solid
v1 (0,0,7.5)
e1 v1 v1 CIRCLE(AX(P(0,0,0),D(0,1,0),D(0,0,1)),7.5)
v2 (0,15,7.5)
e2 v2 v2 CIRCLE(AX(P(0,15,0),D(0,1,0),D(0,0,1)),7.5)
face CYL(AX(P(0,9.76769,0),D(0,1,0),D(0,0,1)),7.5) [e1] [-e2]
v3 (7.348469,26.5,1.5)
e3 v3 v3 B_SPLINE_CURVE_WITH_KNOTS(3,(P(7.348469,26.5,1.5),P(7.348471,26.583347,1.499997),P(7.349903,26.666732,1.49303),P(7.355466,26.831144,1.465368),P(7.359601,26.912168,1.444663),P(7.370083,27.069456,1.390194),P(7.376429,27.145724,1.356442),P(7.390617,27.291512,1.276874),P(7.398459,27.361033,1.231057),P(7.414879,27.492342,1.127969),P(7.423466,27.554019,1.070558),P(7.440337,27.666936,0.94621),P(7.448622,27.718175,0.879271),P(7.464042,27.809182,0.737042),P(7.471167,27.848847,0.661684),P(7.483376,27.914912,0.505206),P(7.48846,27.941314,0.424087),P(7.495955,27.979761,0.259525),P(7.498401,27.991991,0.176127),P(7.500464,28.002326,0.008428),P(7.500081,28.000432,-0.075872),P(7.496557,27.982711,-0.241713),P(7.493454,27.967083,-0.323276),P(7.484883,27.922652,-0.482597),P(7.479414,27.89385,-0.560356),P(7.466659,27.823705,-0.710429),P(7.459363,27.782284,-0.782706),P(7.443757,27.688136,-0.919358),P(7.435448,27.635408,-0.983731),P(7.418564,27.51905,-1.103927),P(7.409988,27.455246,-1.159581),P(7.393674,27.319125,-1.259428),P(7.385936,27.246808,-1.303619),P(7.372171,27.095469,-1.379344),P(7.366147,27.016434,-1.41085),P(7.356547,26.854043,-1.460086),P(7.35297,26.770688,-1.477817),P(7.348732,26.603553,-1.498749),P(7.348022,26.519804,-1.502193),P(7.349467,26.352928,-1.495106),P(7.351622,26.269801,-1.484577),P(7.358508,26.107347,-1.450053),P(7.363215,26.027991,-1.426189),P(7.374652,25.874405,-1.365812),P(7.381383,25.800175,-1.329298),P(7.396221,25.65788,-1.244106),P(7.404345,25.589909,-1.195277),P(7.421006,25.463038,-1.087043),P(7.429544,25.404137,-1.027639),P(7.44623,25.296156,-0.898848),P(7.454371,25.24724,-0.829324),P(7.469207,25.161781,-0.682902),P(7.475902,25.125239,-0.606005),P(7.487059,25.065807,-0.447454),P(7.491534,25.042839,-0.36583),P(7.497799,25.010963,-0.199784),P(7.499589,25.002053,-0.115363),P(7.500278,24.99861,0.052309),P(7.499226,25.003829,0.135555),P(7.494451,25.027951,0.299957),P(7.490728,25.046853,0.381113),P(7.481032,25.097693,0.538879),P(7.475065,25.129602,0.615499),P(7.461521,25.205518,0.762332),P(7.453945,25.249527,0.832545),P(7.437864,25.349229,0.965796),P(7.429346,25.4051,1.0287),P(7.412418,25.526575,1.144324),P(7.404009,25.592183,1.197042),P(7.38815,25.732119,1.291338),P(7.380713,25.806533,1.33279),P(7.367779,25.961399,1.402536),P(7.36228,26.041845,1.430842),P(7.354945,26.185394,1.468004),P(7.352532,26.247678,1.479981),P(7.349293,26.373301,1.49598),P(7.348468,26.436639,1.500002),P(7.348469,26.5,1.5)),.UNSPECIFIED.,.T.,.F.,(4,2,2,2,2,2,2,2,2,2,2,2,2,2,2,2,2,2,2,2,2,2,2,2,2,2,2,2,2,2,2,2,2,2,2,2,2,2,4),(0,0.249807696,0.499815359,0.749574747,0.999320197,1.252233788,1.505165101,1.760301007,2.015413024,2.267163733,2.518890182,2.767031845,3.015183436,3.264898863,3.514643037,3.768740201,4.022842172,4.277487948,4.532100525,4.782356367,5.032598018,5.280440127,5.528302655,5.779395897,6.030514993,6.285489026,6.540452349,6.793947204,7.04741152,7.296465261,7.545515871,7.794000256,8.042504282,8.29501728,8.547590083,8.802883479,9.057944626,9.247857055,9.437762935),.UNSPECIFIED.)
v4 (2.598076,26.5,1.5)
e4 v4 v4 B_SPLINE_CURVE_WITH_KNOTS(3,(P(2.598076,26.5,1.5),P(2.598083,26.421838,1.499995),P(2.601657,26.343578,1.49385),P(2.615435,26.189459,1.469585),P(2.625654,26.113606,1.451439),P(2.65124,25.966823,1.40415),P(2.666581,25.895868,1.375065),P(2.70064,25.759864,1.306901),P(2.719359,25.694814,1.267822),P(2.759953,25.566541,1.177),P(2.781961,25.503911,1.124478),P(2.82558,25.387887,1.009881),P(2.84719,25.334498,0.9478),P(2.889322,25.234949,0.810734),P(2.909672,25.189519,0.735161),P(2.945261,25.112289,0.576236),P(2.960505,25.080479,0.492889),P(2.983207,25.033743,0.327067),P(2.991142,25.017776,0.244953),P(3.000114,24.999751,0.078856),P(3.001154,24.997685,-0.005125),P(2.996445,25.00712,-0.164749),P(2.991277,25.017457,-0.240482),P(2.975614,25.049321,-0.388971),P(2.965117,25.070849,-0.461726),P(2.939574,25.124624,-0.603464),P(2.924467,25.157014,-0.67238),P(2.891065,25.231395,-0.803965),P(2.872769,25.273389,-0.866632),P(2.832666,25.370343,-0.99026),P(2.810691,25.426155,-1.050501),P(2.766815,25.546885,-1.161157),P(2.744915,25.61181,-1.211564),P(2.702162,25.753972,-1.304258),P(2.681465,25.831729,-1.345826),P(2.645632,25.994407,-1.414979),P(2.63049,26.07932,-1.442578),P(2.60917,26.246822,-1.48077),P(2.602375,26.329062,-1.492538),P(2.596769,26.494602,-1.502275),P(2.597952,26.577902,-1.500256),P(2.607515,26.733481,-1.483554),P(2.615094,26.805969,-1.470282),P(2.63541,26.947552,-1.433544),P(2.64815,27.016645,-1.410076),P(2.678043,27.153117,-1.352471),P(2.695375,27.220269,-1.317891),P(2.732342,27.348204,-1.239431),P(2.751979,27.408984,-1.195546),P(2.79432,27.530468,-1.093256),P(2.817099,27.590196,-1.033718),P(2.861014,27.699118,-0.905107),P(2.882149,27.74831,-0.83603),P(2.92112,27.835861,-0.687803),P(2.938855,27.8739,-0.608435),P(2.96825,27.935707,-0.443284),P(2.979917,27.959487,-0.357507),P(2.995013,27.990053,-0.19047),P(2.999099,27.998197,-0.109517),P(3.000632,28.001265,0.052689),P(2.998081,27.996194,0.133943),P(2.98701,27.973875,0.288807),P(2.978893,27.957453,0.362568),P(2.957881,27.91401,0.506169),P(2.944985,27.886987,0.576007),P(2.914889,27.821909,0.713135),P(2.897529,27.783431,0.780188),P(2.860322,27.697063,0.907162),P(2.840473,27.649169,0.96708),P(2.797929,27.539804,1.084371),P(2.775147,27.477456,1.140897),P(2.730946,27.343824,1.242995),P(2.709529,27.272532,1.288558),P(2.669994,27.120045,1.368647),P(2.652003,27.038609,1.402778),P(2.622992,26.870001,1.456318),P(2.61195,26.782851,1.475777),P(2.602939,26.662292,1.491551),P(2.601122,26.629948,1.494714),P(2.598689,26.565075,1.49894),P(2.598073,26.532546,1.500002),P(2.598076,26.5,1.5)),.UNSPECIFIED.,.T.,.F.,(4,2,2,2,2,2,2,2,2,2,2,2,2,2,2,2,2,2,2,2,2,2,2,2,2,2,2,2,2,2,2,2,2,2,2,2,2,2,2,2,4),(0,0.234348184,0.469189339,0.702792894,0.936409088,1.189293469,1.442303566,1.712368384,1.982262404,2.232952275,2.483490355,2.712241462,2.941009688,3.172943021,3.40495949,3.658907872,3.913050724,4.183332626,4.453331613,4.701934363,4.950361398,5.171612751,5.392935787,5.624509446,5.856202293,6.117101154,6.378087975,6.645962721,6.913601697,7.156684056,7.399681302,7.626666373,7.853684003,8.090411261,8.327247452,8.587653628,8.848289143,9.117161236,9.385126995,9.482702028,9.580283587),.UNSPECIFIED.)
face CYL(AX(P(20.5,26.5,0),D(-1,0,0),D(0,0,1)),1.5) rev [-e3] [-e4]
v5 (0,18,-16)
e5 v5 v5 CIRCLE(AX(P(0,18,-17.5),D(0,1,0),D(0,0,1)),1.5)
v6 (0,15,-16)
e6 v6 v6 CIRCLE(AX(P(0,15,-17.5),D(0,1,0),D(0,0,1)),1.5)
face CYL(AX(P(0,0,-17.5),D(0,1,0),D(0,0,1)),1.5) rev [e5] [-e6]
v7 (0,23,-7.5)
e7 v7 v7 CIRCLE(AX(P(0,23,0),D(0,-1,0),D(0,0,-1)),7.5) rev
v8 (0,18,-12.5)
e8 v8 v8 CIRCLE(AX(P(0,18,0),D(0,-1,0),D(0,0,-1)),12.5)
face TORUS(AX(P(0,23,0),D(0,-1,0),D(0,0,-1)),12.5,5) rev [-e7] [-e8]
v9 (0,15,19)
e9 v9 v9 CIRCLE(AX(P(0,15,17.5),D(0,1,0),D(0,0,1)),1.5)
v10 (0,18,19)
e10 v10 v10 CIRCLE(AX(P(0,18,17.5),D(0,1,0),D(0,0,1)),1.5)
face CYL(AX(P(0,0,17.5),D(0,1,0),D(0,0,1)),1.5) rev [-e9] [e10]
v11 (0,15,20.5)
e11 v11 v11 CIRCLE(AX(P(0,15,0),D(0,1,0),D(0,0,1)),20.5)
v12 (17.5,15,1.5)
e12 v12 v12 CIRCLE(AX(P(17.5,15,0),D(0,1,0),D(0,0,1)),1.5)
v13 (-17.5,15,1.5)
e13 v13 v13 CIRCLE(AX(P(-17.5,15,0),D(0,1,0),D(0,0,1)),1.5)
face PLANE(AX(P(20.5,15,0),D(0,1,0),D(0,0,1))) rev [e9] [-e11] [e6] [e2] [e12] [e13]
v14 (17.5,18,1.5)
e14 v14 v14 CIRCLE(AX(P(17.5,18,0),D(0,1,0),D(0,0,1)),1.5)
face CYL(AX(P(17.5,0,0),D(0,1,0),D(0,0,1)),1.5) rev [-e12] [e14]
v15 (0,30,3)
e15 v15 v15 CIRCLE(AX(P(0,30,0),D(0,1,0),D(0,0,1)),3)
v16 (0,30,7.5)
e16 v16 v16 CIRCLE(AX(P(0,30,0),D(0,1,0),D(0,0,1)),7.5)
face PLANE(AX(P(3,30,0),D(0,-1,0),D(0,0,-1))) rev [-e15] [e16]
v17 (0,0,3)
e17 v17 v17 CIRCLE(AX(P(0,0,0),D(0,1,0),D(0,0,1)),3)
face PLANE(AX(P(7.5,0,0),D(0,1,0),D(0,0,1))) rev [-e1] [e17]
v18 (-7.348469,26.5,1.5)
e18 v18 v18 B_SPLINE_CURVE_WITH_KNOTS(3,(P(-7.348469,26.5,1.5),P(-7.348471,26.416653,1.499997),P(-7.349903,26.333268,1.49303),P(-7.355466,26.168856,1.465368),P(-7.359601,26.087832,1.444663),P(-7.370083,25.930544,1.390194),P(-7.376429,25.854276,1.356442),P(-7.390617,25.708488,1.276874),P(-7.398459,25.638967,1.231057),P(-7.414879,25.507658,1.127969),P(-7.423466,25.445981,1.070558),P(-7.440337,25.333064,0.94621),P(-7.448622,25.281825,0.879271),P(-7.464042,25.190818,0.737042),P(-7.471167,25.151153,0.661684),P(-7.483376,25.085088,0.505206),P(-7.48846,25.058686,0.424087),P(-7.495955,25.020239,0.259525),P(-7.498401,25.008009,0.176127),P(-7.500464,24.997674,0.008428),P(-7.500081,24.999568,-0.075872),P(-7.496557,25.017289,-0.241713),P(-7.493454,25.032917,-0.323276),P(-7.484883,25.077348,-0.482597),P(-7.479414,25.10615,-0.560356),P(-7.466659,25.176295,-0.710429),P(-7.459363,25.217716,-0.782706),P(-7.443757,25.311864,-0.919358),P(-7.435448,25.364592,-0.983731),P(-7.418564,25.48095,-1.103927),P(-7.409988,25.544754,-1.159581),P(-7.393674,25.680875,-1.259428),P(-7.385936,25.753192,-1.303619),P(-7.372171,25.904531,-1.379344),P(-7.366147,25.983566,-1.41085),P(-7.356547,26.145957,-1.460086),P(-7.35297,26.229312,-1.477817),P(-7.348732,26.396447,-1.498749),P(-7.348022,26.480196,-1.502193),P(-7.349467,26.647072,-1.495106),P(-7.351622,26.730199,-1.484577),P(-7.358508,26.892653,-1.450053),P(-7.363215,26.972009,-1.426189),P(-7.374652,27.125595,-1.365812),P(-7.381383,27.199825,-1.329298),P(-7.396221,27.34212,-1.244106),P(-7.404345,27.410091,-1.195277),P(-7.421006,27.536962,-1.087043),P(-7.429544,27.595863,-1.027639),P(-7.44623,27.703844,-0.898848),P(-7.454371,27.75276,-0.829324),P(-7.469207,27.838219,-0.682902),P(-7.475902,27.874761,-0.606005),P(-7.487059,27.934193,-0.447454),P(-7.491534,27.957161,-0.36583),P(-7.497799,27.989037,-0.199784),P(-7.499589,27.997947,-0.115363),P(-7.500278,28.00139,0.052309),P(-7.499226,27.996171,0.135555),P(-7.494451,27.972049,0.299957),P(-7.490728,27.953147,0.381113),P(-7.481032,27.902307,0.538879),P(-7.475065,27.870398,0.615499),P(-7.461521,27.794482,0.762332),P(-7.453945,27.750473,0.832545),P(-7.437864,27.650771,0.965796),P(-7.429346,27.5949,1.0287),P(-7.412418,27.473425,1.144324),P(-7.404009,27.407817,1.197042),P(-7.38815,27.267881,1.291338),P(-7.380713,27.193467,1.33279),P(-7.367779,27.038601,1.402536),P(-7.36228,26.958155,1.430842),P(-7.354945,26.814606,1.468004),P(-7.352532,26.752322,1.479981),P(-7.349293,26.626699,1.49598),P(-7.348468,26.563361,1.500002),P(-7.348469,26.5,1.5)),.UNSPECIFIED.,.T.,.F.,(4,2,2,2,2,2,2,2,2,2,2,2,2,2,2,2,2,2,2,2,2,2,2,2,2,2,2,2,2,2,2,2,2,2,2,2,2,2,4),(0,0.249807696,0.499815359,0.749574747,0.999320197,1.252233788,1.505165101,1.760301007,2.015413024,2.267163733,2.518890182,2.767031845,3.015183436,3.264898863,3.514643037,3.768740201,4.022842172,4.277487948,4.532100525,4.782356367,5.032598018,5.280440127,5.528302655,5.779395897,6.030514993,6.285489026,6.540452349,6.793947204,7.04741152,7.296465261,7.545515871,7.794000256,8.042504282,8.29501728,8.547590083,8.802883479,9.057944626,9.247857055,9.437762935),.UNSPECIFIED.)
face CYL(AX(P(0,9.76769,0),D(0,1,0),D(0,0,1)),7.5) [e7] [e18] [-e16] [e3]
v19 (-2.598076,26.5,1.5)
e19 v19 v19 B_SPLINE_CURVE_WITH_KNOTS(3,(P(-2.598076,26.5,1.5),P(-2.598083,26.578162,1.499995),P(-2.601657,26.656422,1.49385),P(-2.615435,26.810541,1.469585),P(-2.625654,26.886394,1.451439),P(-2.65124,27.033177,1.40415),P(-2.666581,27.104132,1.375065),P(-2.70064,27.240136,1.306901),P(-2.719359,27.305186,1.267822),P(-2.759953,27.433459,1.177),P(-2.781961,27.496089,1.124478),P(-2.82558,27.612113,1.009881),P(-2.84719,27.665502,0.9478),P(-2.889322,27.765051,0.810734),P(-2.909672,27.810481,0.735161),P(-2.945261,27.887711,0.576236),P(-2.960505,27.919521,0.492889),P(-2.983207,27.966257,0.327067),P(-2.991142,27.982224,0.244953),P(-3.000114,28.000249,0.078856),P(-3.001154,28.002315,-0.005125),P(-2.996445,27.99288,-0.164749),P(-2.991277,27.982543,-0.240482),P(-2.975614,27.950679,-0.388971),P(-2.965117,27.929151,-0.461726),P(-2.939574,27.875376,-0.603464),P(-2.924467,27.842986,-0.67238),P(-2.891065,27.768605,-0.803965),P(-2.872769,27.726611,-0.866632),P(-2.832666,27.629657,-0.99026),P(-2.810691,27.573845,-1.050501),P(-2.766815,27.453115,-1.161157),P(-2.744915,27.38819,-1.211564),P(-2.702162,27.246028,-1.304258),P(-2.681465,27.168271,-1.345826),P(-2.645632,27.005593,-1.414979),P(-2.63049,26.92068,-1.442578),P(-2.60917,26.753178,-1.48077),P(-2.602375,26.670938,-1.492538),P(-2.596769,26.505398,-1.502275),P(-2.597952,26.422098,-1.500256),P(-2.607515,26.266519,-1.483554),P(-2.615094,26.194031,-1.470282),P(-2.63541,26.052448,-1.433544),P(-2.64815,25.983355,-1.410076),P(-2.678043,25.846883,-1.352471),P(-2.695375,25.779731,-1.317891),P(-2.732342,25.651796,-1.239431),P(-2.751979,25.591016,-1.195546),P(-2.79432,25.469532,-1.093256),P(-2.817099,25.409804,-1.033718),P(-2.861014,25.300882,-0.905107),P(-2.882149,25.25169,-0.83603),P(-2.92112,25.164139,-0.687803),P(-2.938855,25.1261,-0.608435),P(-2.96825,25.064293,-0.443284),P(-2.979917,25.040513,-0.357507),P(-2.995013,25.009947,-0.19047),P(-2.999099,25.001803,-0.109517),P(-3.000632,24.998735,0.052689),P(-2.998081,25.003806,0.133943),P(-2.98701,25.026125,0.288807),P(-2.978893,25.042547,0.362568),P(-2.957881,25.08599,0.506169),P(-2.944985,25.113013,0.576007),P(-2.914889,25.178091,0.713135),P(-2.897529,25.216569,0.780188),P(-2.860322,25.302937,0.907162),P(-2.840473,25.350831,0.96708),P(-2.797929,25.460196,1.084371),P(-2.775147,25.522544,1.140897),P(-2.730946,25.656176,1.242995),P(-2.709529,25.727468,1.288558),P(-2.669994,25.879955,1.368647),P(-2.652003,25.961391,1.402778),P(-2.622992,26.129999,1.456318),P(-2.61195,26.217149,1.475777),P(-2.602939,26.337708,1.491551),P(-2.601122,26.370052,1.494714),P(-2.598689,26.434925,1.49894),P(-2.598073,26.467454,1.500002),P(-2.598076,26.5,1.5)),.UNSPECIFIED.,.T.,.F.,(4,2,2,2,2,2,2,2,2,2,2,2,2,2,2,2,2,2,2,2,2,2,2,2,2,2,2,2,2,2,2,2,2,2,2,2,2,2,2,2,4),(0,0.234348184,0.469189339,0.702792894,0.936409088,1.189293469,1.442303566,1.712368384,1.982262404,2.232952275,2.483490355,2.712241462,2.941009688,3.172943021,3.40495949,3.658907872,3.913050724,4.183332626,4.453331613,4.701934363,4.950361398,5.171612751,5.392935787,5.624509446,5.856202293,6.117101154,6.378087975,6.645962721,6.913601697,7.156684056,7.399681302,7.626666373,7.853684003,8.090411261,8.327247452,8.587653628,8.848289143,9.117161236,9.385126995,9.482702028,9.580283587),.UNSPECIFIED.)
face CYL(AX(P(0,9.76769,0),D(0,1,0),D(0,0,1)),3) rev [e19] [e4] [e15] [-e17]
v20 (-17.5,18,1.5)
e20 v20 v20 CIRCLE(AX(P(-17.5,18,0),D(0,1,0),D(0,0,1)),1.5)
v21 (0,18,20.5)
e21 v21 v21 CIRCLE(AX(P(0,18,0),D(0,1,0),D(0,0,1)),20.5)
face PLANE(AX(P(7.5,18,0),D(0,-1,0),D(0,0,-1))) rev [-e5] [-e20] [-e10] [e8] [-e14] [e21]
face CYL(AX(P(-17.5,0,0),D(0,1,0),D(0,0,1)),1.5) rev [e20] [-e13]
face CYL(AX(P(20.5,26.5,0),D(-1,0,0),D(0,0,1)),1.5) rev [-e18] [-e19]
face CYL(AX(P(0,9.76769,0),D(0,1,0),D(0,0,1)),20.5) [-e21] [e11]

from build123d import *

# Parameters (mm, degrees)
FILLET1_R               = 5
SKETCH3_R               = 1.5
CUT_EXTRUDE2_DEPTH      = 35.124771062
CUT_EXTRUDE3_DEPTH      = 46.872104813
CUT_EXTRUDE3_DEPTH_BACK = 46.872104813


with BuildPart() as part:
    # Sketch2 → Revolve1 (revolve)
    with BuildSketch(Plane.XY, mode=Mode.PRIVATE) as revolve1_sk:
        Polygon((7.5, 30), (7.5, 18), (20.5, 18), (20.5, 15), (7.5, 15), (7.5, 0), (3, 0), (3, 30), align=None)
    revolve(revolve1_sk.sketch.rotate(Axis((0, 9.767689721, 0), (0, -1, 0)), 90), axis=Axis((0, 9.767689721, 0), (0, -1, 0)))

    # Fillet1
    fillet1_edges = [part.edges().sort_by_distance(p)[0] for p in [
        (0, 18, -7.5),
    ]]
    fillet(fillet1_edges, radius=FILLET1_R)

    # Sketch3 → Cut-Extrude2 (cut, through all)
    with BuildSketch(Plane(origin=(0, 18, 0), x_dir=(1, 0, 0), z_dir=(0, 1, 0))):
        with Locations(Location((0, 17.5, 0), (0, 0, 270))):
            Circle(SKETCH3_R)
        with Locations(Location((17.5, 0, 0), (0, 0, 270))):
            Circle(SKETCH3_R)
        with Locations(Location((0, -17.5, 0), (0, 0, 270))):
            Circle(SKETCH3_R)
        with Locations(Location((-17.5, 0, 0), (0, 0, 270))):
            Circle(SKETCH3_R)
    extrude(amount=-CUT_EXTRUDE2_DEPTH, mode=Mode.SUBTRACT)

    # Sketch4 → Cut-Extrude3 (cut, two sides: drawn at the far end of the back side and taken through both)
    with BuildSketch(Plane.ZY.offset(7.5).offset(-CUT_EXTRUDE3_DEPTH_BACK)):
        with BuildLine():
            ThreePointArc((1.5, 26.5), (0.324875311, 27.964396132), (-1.35927471, 27.134328198))
            Line((-1.35927471, 27.134328198), (1.35927471, 25.865671802))
            ThreePointArc((1.35927471, 25.865671802), (1.464396132, 26.175124689), (1.5, 26.5))
        make_face()
        with BuildLine():
            Line((1.35927471, 25.865671802), (-1.35927471, 27.134328198))
            ThreePointArc((-1.35927471, 27.134328198), (-0.634328198, 25.14072529), (1.35927471, 25.865671802))
        make_face()
    extrude(amount=CUT_EXTRUDE3_DEPTH + CUT_EXTRUDE3_DEPTH_BACK, mode=Mode.SUBTRACT)


solid = part.part
